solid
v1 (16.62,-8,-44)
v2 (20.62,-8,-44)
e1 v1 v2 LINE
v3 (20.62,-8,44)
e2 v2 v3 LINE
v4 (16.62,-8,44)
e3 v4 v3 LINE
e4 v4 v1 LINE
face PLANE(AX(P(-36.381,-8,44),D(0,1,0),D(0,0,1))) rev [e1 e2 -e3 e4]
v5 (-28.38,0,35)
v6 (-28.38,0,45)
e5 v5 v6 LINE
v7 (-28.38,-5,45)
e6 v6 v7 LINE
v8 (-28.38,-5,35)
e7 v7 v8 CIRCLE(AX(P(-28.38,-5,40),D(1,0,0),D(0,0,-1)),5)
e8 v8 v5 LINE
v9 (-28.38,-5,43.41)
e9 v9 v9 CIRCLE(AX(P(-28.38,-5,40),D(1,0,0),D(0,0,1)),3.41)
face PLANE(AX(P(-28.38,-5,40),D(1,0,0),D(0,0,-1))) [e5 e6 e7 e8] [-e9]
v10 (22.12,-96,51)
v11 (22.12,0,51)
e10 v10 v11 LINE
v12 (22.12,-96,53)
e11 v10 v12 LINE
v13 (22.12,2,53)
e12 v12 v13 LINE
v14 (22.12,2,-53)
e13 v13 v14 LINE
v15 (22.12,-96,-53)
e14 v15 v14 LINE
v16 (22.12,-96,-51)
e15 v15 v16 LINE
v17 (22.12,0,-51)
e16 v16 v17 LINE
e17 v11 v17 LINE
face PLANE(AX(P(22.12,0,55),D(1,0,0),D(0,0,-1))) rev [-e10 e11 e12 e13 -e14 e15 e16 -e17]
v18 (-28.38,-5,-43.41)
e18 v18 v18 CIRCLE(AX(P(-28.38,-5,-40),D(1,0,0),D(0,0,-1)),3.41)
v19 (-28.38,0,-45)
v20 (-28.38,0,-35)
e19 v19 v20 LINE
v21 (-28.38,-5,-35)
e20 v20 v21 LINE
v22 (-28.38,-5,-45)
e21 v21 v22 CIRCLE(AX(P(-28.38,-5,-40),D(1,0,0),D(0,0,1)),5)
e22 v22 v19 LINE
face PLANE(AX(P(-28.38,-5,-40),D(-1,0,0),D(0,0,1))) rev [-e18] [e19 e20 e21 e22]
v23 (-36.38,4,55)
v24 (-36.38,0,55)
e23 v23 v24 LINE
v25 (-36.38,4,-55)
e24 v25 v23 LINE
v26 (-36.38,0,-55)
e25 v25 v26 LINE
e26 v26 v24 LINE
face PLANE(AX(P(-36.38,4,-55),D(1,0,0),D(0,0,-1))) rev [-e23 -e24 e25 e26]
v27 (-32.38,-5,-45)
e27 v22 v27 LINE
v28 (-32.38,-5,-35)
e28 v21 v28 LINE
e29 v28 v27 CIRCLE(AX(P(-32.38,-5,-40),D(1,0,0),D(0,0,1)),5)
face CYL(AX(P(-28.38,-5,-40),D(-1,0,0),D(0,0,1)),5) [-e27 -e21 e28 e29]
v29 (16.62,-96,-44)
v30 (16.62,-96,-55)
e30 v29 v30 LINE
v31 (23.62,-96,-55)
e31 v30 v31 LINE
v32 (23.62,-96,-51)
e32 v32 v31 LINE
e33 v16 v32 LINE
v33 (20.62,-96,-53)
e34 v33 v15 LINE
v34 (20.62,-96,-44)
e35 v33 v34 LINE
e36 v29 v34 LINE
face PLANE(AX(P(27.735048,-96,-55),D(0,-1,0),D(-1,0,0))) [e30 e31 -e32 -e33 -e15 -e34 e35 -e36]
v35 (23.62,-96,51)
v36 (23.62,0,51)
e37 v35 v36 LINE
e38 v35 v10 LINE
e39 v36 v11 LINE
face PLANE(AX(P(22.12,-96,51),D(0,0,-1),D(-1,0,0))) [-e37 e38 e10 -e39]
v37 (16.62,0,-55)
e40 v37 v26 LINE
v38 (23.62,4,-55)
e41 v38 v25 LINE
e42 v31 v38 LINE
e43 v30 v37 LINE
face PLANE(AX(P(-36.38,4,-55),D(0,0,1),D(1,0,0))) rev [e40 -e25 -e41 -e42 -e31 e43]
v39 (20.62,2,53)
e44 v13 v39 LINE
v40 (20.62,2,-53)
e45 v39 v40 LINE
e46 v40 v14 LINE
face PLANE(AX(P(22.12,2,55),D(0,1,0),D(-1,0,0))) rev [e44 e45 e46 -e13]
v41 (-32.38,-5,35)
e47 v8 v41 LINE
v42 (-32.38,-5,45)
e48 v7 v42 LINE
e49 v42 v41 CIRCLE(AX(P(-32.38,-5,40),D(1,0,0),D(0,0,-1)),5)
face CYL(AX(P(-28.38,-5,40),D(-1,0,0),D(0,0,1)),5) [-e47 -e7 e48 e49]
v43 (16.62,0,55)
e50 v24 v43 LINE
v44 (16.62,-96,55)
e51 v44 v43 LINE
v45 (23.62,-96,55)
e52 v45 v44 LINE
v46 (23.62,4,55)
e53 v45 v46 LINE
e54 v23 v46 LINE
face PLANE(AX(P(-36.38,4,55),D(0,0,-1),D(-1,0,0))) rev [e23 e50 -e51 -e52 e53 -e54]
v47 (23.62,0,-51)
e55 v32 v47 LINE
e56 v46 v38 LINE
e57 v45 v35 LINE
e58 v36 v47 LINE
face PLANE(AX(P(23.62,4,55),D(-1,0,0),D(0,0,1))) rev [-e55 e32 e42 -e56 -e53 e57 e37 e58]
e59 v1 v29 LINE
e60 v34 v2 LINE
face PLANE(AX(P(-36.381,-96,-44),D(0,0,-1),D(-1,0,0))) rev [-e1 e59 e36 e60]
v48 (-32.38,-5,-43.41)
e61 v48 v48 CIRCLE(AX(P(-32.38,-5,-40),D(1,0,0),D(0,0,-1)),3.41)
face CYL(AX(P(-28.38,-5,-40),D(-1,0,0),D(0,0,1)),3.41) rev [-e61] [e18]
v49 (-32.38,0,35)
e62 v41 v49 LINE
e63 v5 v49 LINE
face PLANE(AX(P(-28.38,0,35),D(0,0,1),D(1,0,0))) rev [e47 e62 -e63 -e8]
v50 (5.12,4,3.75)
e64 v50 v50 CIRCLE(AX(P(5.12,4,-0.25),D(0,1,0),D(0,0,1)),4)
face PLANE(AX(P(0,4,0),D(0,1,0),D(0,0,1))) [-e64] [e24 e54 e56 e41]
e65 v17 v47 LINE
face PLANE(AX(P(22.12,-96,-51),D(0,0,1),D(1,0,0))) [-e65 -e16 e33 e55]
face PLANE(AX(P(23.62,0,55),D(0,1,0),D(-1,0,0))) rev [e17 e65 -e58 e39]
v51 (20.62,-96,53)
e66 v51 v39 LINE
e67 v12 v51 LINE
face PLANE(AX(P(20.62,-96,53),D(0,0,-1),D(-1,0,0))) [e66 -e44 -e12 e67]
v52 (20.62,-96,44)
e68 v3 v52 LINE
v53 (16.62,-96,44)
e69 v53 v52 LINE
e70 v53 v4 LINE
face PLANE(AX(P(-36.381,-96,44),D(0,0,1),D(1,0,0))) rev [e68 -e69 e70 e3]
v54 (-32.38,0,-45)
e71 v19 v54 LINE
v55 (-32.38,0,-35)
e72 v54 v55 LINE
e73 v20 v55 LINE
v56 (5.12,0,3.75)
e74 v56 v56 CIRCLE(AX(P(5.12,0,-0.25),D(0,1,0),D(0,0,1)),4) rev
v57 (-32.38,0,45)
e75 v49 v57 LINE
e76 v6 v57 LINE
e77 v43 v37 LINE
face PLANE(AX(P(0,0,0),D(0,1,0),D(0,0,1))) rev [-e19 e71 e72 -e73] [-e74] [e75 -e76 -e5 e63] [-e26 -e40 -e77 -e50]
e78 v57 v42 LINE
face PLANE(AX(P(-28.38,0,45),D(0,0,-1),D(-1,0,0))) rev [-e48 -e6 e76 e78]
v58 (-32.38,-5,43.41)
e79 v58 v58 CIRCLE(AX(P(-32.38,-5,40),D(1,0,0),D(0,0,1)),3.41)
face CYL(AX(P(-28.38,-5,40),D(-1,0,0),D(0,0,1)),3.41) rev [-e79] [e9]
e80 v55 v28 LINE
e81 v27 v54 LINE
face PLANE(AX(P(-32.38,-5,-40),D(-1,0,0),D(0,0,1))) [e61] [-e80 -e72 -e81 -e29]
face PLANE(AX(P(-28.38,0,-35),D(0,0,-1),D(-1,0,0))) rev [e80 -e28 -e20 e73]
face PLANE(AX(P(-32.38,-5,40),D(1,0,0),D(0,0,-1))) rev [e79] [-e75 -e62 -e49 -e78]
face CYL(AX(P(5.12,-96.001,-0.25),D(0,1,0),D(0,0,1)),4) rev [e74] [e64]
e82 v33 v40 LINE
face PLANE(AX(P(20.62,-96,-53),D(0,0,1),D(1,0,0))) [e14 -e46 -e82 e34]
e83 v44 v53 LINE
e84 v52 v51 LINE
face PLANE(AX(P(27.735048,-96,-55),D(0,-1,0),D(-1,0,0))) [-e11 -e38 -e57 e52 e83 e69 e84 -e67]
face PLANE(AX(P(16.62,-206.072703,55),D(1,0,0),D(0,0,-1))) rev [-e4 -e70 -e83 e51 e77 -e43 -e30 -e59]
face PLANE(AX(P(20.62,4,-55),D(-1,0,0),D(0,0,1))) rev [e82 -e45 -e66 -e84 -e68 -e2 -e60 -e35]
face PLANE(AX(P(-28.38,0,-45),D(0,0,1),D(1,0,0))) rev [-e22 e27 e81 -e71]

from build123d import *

# Parameters (mm, degrees)
SKETCH1_W           = 57
SKETCH1_H           = 110
BOSS_EXTRUDE1_DEPTH = 4
SKETCH2_W           = 4
SKETCH2_H           = 110
BOSS_EXTRUDE2_DEPTH = 96
SKETCH3_R           = 3.41
BOSS_EXTRUDE3_DEPTH = 4
CUT_EXTRUDE1_REACH  = 121.785
SKETCH4_R           = 4
CUT_EXTRUDE2_REACH  = 126.459
SKETCH5_W           = 88
SKETCH5_H           = 88
BOSS_EXTRUDE4_DEPTH = 55
BOSS_EXTRUDE5_DEPTH = 100


with BuildPart() as part:
    # Sketch1 → Boss-Extrude1 (new body)
    with BuildSketch(Plane(origin=(0, 0, 0), x_dir=(1, 0, 0), z_dir=(0, 1, 0))):
        with Locations((-7.88, 0)):
            Rectangle(SKETCH1_W, SKETCH1_H)
    extrude(amount=BOSS_EXTRUDE1_DEPTH)

    # Sketch2 → Boss-Extrude2 (add)
    with BuildSketch(Plane.XZ):
        with Locations((18.62, 0)):
            Rectangle(SKETCH2_W, SKETCH2_H)
    extrude(amount=BOSS_EXTRUDE2_DEPTH)

    # Sketch3 → Boss-Extrude3 (add)
    # profile 1 of 2: a face of its own
    with BuildSketch(Plane(origin=(-32.38, 0, 0), x_dir=(0, 0, -1), z_dir=(1, 0, 0))):
        with BuildLine():
            Line((45, 0), (45, -5))
            ThreePointArc((45, -5), (40, -10), (35, -5))
            Line((35, -5), (35, 0))
            Line((35, 0), (45, 0))
        make_face()
        with Locations((40, -5)):
            Circle(SKETCH3_R, mode=Mode.SUBTRACT)
    # profile 2 of 2: a face of its own
    with BuildSketch(Plane(origin=(-32.38, 0, 0), x_dir=(0, 0, -1), z_dir=(1, 0, 0))):
        with BuildLine():
            Line((-35, 0), (-35, -5))
            ThreePointArc((-35, -5), (-40, -10), (-45, -5))
            Line((-45, -5), (-45, 0))
            Line((-45, 0), (-35, 0))
        make_face()
        with Locations(Location((-40, -5, 0), (0, 0, 180))):
            Circle(SKETCH3_R, mode=Mode.SUBTRACT)
    extrude(amount=BOSS_EXTRUDE3_DEPTH)

    # Sketch4 → Cut-Extrude1 (cut, up to next)
    with BuildSketch(Plane(origin=(0, 4, 0), x_dir=(1, 0, 0), z_dir=(0, 1, 0)), mode=Mode.PRIVATE) as cut_extrude1_sk1:
        with Locations(Location((5.12, 0.25, 0), (0, 0, 270))):
            Circle(SKETCH4_R)
    cut_extrude1_tool1 = extrude(cut_extrude1_sk1.sketch, amount=-CUT_EXTRUDE1_REACH, mode=Mode.PRIVATE) & part.part
    add(cut_extrude1_tool1.solids().sort_by_distance((5.12, 4, -0.25))[0], mode=Mode.SUBTRACT)

    # Sketch5 → Cut-Extrude2 (cut, up to next)
    with BuildSketch(Plane(origin=(20.62, 0, 0), x_dir=(0, 0, -1), z_dir=(1, 0, 0)), mode=Mode.PRIVATE) as cut_extrude2_sk1:
        with Locations((0, -52)):
            Rectangle(SKETCH5_W, SKETCH5_H)
    cut_extrude2_tool1 = extrude(cut_extrude2_sk1.sketch, amount=-CUT_EXTRUDE2_REACH, mode=Mode.PRIVATE) & part.part
    add(cut_extrude2_tool1.solids().sort_by_distance((20.62, -52, 0))[0], mode=Mode.SUBTRACT)

    # Sketch6 → Boss-Extrude4 (add, symmetric)
    with BuildSketch(Plane.XY):
        Polygon((20.62, 2), (20.62, 4), (23.62, 4), (23.62, 0), (22.12, 0), (22.12, 2), align=None)
    extrude(amount=BOSS_EXTRUDE4_DEPTH, both=True)

    # Sketch7 → Boss-Extrude5 (add)
    with BuildSketch(Plane(origin=(0, 4, 0), x_dir=(1, 0, 0), z_dir=(0, 1, 0))):
        Polygon((23.62, 55), (20.62, 55), (20.62, 53), (22.12, 53), (22.12, 51), (23.62, 51), align=None)
        Polygon((23.62, -51), (23.62, -55), (20.62, -55), (20.62, -53), (22.12, -53), (22.12, -51), align=None)
    extrude(amount=-BOSS_EXTRUDE5_DEPTH)


solid = part.part
